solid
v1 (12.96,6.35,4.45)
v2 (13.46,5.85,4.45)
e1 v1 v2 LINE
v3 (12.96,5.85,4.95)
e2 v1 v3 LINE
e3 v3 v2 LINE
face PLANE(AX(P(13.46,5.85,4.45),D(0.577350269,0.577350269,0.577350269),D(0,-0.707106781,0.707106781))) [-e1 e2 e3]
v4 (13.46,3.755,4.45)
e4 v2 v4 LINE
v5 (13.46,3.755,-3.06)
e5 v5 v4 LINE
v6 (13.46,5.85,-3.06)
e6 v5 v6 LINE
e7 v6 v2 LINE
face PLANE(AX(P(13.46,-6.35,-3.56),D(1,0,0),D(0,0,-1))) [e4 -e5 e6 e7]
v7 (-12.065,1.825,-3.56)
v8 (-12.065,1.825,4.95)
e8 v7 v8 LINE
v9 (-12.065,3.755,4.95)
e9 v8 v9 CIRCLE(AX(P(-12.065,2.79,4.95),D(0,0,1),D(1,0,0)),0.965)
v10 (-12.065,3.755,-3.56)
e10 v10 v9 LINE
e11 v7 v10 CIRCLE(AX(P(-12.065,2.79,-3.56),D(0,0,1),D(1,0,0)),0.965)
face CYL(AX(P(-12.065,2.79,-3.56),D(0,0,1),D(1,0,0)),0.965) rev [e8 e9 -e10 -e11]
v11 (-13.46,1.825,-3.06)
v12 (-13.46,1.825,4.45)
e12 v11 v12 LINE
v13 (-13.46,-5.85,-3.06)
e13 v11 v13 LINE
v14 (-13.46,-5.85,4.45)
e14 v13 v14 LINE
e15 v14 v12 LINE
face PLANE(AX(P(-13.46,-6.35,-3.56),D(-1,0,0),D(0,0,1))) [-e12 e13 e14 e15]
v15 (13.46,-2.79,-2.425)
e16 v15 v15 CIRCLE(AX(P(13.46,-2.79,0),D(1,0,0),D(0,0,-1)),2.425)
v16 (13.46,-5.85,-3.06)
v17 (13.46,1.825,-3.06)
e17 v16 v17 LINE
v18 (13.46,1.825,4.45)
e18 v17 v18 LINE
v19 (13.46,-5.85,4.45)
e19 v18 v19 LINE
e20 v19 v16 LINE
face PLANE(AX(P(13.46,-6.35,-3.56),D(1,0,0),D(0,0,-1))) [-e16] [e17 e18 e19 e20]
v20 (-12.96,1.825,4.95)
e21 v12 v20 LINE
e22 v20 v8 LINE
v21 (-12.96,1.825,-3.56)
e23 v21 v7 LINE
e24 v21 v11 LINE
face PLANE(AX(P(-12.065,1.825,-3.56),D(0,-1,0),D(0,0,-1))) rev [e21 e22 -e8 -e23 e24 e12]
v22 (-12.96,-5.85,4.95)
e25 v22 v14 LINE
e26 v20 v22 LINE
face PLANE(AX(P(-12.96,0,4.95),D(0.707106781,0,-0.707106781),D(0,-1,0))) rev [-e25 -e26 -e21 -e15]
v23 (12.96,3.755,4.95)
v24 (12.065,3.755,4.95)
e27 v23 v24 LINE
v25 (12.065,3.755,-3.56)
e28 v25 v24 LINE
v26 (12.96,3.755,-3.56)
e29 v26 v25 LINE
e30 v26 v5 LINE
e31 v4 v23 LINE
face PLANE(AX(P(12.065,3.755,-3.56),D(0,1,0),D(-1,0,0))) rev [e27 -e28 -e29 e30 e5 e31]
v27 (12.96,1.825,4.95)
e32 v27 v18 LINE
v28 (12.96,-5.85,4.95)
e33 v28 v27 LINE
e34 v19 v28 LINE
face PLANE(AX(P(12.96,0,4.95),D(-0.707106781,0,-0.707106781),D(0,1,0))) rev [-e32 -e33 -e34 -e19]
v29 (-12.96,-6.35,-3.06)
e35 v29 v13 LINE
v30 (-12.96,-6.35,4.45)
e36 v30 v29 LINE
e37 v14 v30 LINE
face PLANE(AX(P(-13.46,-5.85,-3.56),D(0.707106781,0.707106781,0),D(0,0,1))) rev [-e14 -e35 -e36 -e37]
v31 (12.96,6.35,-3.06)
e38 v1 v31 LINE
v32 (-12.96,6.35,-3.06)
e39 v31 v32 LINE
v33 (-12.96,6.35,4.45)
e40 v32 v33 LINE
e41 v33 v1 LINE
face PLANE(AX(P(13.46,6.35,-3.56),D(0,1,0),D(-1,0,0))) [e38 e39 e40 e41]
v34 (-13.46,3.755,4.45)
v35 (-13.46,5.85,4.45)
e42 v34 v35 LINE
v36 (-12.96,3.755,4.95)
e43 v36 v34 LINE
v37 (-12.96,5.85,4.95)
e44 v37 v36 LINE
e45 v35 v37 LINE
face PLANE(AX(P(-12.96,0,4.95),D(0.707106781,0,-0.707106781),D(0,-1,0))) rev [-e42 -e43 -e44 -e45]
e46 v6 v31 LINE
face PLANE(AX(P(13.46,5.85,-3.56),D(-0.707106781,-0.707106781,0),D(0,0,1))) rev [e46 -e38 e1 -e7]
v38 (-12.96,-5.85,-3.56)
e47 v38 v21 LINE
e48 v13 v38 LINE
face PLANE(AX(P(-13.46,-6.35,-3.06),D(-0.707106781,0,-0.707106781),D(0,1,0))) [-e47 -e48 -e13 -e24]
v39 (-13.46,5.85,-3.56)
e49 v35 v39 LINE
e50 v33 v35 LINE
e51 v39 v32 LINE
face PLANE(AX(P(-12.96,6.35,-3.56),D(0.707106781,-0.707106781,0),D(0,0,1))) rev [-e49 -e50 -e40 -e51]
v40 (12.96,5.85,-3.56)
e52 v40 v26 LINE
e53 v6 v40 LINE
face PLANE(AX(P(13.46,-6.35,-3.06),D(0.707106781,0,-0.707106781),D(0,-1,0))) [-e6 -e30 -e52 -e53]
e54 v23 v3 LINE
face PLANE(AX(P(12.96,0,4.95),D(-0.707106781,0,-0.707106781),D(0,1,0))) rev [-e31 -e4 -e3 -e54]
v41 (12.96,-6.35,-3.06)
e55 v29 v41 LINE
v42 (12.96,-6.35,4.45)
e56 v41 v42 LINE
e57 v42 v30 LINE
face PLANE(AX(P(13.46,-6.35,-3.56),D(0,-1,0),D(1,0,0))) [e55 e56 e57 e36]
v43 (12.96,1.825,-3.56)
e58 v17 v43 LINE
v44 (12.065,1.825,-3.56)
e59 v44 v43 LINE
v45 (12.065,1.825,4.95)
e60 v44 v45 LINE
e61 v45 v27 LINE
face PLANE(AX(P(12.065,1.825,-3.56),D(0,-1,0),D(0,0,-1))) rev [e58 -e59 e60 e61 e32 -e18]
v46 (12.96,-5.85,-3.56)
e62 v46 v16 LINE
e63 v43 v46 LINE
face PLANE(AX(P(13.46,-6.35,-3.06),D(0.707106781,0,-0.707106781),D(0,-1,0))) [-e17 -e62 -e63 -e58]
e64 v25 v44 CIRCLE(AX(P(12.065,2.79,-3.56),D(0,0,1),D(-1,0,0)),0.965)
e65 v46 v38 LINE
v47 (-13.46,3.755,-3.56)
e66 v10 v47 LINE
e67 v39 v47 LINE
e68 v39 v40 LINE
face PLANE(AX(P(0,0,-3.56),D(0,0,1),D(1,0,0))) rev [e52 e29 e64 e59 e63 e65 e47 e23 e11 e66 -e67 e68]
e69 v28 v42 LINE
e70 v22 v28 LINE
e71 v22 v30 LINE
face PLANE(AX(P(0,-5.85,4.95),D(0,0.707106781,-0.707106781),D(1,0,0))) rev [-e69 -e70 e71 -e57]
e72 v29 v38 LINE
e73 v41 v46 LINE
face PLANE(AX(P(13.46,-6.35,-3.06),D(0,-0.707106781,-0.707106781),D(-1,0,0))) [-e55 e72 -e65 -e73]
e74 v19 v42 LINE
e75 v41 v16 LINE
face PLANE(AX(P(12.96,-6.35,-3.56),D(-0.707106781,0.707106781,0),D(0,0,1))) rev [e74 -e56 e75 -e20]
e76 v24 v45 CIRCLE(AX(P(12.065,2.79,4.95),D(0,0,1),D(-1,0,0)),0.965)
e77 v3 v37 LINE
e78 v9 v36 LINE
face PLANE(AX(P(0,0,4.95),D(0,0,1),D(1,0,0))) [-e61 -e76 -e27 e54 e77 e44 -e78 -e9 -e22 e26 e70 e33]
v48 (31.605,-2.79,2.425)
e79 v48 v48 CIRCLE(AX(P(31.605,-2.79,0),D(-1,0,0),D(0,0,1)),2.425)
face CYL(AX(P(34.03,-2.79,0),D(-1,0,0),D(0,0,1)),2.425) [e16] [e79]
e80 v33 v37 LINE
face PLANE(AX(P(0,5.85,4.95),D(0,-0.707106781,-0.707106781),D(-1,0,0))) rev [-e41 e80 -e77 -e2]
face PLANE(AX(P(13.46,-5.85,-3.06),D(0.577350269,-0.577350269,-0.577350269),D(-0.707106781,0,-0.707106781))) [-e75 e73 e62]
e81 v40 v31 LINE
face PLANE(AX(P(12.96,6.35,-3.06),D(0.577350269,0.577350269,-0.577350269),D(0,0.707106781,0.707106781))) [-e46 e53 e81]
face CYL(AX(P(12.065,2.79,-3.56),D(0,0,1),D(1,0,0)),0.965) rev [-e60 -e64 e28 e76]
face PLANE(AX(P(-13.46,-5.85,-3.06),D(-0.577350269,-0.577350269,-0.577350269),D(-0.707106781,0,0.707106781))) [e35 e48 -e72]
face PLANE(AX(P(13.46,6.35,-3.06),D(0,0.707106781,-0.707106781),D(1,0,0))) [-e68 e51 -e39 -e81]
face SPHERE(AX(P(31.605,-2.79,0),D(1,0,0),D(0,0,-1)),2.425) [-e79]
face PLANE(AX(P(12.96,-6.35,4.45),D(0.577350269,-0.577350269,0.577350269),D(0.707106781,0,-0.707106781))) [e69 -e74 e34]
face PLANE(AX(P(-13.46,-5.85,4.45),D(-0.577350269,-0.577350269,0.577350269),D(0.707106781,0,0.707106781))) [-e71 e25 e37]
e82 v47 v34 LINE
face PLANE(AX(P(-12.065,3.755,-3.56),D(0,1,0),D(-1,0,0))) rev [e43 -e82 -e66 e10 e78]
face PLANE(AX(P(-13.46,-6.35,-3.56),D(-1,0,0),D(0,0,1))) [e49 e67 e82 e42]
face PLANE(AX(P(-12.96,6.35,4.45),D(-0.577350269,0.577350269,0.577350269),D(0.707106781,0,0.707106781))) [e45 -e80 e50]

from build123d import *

# Parameters (mm, degrees)
SKETCH1_W                = 26.92
SKETCH1_H                = 12.7
BOSS_EXTRUDE1_DEPTH      = 4.95
BOSS_EXTRUDE1_DEPTH_BACK = 3.56
CUT_EXTRUDE1_DEPTH       = 9.51
SKETCH3_R                = 2.425
BOSS_EXTRUDE2_DEPTH      = 20.57
FILLET1_R                = 2.425
CHAMFER1_SIZE            = 0.5


with BuildPart() as part:
    # Sketch1 → Boss-Extrude1 (new body, two sides)
    with BuildSketch(Plane.XY) as boss_extrude1_sk:
        Rectangle(SKETCH1_W, SKETCH1_H)
    extrude(amount=BOSS_EXTRUDE1_DEPTH)
    extrude(boss_extrude1_sk.sketch, amount=-BOSS_EXTRUDE1_DEPTH_BACK)

    # Sketch2 → Cut-Extrude1 (cut, through all)
    with BuildSketch(Plane.XY.offset(4.95)):
        with BuildLine():
            Line((-12.065, 1.825), (-13.46, 1.825))
            ThreePointArc((-13.46, 1.825), (-14.425, 2.79), (-13.46, 3.755))
            Line((-13.46, 3.755), (-12.065, 3.755))
            ThreePointArc((-12.065, 3.755), (-11.1, 2.79), (-12.065, 1.825))
        make_face()
        with BuildLine():
            Line((12.065, 1.825), (13.46, 1.825))
            ThreePointArc((13.46, 1.825), (14.425, 2.79), (13.46, 3.755))
            Line((13.46, 3.755), (12.065, 3.755))
            ThreePointArc((12.065, 3.755), (11.1, 2.79), (12.065, 1.825))
        make_face()
    extrude(amount=-CUT_EXTRUDE1_DEPTH, mode=Mode.SUBTRACT)

    # Sketch3 → Boss-Extrude2 (add)
    with BuildSketch(Plane(origin=(13.46, 0, 0), x_dir=(0, 0, -1), z_dir=(1, 0, 0))):
        with Locations((0, -2.79)):
            Circle(SKETCH3_R)
    extrude(amount=BOSS_EXTRUDE2_DEPTH)

    # Fillet1
    fillet1_edges = [part.edges().sort_by_distance(p)[0] for p in [
        (34.03, -2.79, 2.425),
    ]]
    fillet(fillet1_edges, radius=FILLET1_R)

    # Chamfer1
    chamfer1_edges = [part.edges().sort_by_distance(p)[0] for p in [
        (13.46, 6.35, 0.695),
        (13.46, 5.0525, -3.56),
        (0, 6.35, -3.56),
        (-13.46, 6.35, 0.695),
        (13.46, 5.0525, 4.95),
        (0, 6.35, 4.95),
        (-13.46, 5.0525, 4.95),
        (13.46, -6.35, 0.695),
        (-13.46, -2.2625, -3.56),
        (13.46, -2.2625, -3.56),
        (0, -6.35, -3.56),
        (-13.46, -6.35, 0.695),
        (13.46, -2.2625, 4.95),
        (0, -6.35, 4.95),
        (-13.46, -2.2625, 4.95),
    ]]
    chamfer(chamfer1_edges, length=CHAMFER1_SIZE)


solid = part.part
